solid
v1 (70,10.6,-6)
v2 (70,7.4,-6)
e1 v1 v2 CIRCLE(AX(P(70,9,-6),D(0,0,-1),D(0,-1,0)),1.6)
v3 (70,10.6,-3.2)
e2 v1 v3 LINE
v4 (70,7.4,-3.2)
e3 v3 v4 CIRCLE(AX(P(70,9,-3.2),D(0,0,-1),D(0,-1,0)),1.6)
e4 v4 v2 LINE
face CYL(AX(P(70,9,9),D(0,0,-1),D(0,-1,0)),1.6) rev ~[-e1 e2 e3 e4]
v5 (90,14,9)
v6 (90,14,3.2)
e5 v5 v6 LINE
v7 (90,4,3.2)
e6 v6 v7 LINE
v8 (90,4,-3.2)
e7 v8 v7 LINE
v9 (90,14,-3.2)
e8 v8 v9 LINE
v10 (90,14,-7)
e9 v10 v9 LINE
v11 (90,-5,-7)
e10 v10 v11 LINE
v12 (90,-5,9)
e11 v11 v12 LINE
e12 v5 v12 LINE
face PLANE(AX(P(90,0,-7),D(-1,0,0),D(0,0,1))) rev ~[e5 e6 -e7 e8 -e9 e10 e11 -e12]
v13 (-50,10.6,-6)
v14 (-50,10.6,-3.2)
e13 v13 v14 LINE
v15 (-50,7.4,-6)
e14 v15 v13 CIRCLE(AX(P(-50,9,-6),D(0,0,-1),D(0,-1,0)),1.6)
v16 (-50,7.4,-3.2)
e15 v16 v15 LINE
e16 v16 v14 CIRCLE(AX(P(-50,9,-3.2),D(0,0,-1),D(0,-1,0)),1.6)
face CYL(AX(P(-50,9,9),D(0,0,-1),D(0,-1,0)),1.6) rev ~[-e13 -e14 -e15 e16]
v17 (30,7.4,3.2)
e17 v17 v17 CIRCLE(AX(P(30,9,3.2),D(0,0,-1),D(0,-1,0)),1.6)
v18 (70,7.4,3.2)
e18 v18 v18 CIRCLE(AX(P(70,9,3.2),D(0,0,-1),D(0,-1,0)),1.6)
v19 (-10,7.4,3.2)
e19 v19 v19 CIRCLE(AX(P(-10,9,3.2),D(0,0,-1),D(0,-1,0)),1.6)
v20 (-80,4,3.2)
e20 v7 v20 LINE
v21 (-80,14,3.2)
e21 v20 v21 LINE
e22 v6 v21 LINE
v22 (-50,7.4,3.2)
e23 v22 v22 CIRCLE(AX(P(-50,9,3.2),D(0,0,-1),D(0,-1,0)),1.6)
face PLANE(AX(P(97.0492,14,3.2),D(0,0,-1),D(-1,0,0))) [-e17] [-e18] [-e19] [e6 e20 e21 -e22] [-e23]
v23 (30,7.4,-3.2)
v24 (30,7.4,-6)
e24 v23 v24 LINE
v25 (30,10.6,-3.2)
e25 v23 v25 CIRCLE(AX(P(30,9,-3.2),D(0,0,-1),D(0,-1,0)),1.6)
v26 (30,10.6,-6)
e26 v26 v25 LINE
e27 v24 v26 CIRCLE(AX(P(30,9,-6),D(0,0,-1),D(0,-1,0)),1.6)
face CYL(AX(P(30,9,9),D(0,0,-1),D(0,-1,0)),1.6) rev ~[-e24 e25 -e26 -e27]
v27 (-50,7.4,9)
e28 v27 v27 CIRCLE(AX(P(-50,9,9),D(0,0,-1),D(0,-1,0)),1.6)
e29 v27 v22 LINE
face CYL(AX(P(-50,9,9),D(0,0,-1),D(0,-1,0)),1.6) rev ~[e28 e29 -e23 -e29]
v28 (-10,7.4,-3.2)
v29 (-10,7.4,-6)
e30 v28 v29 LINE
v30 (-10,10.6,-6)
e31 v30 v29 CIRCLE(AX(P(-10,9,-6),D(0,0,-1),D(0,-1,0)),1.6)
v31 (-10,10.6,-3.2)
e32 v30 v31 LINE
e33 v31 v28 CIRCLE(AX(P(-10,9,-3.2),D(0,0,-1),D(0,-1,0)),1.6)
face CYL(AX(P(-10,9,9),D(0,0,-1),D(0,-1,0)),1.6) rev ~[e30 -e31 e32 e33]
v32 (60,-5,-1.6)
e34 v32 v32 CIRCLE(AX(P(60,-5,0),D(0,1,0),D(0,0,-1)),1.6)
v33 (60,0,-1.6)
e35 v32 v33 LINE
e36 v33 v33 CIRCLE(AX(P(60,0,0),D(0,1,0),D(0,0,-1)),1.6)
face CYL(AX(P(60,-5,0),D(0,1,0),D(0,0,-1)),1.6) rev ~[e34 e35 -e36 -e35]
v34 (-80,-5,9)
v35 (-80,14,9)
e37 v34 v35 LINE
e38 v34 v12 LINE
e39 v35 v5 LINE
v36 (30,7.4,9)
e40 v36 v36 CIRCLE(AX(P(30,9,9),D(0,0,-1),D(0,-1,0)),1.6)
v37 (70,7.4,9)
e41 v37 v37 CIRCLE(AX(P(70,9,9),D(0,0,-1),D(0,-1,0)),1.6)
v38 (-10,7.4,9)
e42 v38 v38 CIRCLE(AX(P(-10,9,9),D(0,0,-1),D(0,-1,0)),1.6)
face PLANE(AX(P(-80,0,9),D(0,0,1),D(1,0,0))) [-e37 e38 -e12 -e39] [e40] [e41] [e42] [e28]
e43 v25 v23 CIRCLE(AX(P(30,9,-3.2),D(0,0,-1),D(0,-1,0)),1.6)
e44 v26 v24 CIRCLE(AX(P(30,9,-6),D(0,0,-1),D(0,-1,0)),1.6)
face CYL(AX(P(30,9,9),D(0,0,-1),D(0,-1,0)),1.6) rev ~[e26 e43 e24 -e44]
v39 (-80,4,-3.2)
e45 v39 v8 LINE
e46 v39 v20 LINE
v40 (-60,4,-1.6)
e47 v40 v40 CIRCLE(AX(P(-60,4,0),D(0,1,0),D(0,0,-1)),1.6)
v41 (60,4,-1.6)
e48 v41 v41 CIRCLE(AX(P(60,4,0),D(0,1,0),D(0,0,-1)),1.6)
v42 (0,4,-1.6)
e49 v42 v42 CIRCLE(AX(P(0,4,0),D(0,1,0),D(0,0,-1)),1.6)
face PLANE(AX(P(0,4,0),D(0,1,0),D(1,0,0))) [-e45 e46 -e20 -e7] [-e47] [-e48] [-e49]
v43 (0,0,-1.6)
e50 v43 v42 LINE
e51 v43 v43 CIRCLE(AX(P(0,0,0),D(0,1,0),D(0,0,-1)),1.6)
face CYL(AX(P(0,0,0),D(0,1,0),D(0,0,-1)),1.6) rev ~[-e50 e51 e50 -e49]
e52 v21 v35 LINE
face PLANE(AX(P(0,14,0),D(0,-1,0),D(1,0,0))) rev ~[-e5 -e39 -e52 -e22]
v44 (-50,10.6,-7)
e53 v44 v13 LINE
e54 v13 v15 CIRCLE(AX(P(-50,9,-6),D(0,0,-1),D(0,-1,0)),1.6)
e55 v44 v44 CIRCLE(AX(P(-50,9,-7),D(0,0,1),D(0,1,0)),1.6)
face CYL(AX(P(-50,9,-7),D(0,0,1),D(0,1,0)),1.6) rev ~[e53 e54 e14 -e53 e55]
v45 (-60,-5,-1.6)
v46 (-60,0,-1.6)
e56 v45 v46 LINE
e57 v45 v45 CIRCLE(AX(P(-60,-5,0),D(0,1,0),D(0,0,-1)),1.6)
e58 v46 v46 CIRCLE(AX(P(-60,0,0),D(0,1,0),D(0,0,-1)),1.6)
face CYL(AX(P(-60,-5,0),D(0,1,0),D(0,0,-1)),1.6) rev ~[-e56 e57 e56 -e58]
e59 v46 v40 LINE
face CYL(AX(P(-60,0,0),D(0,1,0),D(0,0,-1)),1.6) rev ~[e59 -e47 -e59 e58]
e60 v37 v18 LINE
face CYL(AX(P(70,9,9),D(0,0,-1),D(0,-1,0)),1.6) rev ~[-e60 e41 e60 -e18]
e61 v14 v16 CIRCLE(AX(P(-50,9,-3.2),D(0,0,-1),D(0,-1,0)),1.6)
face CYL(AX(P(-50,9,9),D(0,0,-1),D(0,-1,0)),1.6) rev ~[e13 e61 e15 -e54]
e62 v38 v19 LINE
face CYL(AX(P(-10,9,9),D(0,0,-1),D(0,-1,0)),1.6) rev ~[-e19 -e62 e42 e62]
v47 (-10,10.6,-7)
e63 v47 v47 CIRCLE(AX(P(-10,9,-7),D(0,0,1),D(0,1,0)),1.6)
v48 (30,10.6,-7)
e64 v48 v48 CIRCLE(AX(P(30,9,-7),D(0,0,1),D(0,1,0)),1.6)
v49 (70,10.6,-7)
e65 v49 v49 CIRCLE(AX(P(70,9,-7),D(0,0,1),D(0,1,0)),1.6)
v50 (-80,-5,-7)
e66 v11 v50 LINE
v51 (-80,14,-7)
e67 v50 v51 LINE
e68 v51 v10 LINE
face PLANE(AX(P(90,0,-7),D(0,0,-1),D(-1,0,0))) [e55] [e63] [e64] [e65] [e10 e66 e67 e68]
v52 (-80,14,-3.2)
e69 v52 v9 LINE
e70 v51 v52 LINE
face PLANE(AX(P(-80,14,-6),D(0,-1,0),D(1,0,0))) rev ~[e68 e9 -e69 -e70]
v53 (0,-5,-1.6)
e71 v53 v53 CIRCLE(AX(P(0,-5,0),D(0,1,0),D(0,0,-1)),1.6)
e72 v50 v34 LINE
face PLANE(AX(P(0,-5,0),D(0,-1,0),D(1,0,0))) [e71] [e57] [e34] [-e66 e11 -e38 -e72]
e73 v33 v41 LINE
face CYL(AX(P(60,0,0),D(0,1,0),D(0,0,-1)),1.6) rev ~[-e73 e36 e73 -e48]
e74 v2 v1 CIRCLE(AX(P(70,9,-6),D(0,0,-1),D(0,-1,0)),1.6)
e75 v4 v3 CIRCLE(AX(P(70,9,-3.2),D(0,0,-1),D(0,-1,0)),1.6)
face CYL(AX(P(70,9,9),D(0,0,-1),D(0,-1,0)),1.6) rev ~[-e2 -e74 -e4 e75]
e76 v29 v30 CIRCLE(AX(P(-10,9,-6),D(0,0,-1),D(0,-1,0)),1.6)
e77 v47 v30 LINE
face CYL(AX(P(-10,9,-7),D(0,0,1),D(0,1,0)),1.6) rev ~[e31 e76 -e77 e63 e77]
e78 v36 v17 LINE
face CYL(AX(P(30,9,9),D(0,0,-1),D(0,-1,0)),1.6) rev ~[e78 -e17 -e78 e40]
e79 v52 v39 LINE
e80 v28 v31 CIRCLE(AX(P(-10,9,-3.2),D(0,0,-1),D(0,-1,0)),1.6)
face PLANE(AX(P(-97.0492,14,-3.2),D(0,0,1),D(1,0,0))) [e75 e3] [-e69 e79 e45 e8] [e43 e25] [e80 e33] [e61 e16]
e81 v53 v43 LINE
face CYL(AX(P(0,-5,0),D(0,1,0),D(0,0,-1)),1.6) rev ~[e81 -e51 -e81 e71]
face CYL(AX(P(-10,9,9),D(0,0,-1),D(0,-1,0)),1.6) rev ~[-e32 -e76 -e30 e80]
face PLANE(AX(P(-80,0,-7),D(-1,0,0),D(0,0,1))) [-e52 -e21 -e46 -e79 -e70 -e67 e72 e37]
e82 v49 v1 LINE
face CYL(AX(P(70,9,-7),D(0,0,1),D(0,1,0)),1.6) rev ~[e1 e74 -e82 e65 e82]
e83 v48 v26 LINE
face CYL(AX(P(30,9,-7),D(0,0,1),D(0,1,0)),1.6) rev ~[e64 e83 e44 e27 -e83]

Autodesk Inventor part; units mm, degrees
ref_plane "YZ Plane" through (0, 0, 0) normal (1, 0, 0) x (0, 1, 0)
ref_plane "XZ Plane" through (0, 0, 0) normal (0, 1, 0) x (-1, 0, 0)
ref_plane "XY Plane" through (0, 0, 0) normal (0, 0, 1) x (1, 0, 0)
sketch "スケッチ1" plane through (0, 0, 0) normal (0, 1, 0) x (-1, 0, 0)
  line L0 (-90, -3) -> (90, -3)
  line L1 (90, -3) -> (90, 3)
  line L2 (90, 3) -> (-90, 3)
  line L3 (-90, 3) -> (-90, -3)
  line L4 (-90, -3) -> (90, 3) construction
  line L5 (90, -3) -> (-90, 3) construction
  point P0 (0, 0)
  dimension "d0" = 180
  dimension "d1" = 6
extrude "押し出し1" add sketch "スケッチ1" along normal blind 17
sketch "スケッチ2" plane through (0, 0, 0) normal (0, -1, 0) x (1, 0, 0)
  line L0 (-90, 3) -> (90, 3) projected
  line L1 (90, 3) -> (-80, 3)
  line L2 (-80, 3) -> (-80, 9)
  line L3 (-80, 9) -> (90, 9)
  line L4 (90, 9) -> (90, 3)
  line L5 (90, 3) -> (90, -3) projected
  line L6 (90, -3) -> (-80, -3)
  line L7 (-80, -3) -> (-80, -6)
  line L8 (-80, -6) -> (90, -6)
  line L9 (90, -6) -> (90, -3)
  point P0 (0, 0)
  dimension "d4" = 170
  dimension "d5" = 6
  dimension "d6" = 170
  dimension "d7" = 3
extrude "押し出し2" add sketch "スケッチ2" against normal blind 14
sketch "スケッチ3" plane through (0, 17, 0) normal (0, 1, 0) x (1, 0, 0)
  line L0 (-90, 3) -> (-90, -3) projected
  line L1 (90, -3) -> (90, 3) projected
  line L2 (-90, 3) -> (90, 3)
  line L3 (90, 3) -> (90, -3)
  line L4 (90, -3) -> (-90, -3)
  line L5 (-90, -3) -> (-90, 3)
  point P0 (0, 0)
extrude "押し出し3" cut sketch "スケッチ3" against normal blind 13
sketch "スケッチ4" plane through (0, 4, 0) normal (0, 1, 0) x (1, 0, 0)
  line L0 (-90, -3) -> (-90, 3) projected
  line L1 (-80, 6) -> (-80, 3) projected
  line L2 (-90, -3) -> (-80, -3)
  line L3 (-80, -3) -> (-80, 3)
  line L4 (-80, 3) -> (-90, 3)
  line L5 (-90, 3) -> (-90, -3)
  point P0 (0, 0)
extrude "押し出し4" cut sketch "スケッチ4" against normal blind 13
sketch "スケッチ5" plane through (0, 14, 0) normal (0, 1, 0) x (1, 0, 0)
  line L0 (97.0492, -3.2) -> (-97.0492, -3.2)
  line L1 (-97.0492, -3.2) -> (-97.0492, 3.2)
  line L2 (-97.0492, 3.2) -> (97.0492, 3.2)
  line L3 (97.0492, 3.2) -> (97.0492, -3.2)
  line L4 (97.0492, -3.2) -> (-97.0492, 3.2) construction
  line L5 (-97.0492, -3.2) -> (97.0492, 3.2) construction
  point P0 (0, 0)
  dimension "d14" = 6.4
extrude "押し出し5" cut sketch "スケッチ5" against normal blind 10
sketch "スケッチ6" plane through (-80, 0, 9) normal (0, 0, 1) x (1, 0, 0)
  line L0 (0, 14) -> (170, 14) projected
  line L1 (170, 0) -> (170, 14) projected
  point P0 (80, 0)
  point P1 (150, 9)
  point P2 (110, 9)
  point P3 (70, 9)
  point P4 (30, 9)
  dimension "d17" = 5
  dimension "d18" = 20
  dimension "d19" = 40
  dimension "d20" = 5
  dimension "d21" = 40
  dimension "d22" = 40
hole "穴1" at (70, 9, 9) at (30, 9, 9) at (-10, 9, 9) at (-50, 9, 9) direction (0, 0, -1) diameter 3.2 end through all
sketch "スケッチ7" plane through (0, 0, 0) normal (0, -1, 0) x (1, 0, 0)
  line L0 (-80, -6) -> (90, -6) projected
  line L1 (90, -6) -> (90, 9) projected
  line L2 (-80, -3.2) -> (90, -3.2) projected
  point P0 (0, 0)
  point P1 (60, 0)
  point P2 (0, 0)
  point P3 (-60, 0)
  dimension "d30" = 6
  dimension "d31" = 30
  dimension "d32" = 60
hole "穴2" at (60, 0, 0) at (0, 0, 0) at (-60, 0, 0) direction (0, 1, 0) diameter 3.2 end through all
sketch "スケッチ8" plane through (90, 0, -6) normal (0, 0, -1) x (-1, 0, 0)
  line L0 (0, 0) -> (0, 14) projected
  line L1 (0, 0) -> (170, 0)
  line L2 (170, 0) -> (170, 14)
  line L3 (170, 14) -> (0, 14)
  line L4 (0, 14) -> (0, 0)
  point P0 (90, 0)
extrude "押し出し6" add sketch "スケッチ8" along normal blind 1
sketch "スケッチ9" plane through (90, 0, -7) normal (0, 0, -1) x (-1, 0, 0)
  circle A0 centre (20, 9) radius 1.6 projected
  circle A1 centre (60, 9) radius 1.6 projected
  circle A2 centre (100, 9) radius 1.6 projected
  circle A3 centre (140, 9) radius 1.6 projected
  point P0 (90, 0)
hole "穴3" at (70, 9, -7) at (30, 9, -7) at (-10, 9, -7) at (-50, 9, -7) direction (0, 0, 1) diameter 3.2 depth 10
sketch "スケッチ10" plane through (0, 0, 0) normal (0, -1, 0) x (1, 0, 0)
  line L0 (90, -7) -> (90, 9) projected
  line L1 (-80, 9) -> (90, 9) projected
  line L2 (90, -7) -> (-80, -7)
  line L3 (-80, -7) -> (-80, 9)
  line L4 (-80, 9) -> (90, 9)
  line L5 (90, 9) -> (90, -7)
  point P0 (0, 0)
extrude "押し出し7" add sketch "スケッチ10" along normal blind 5
sketch "スケッチ11" plane through (0, -5, 0) normal (0, -1, 0) x (1, 0, 0)
  circle A0 centre (0, 0) radius 1.6 projected
  circle A1 centre (-60, 0) radius 1.6 projected
  circle A2 centre (60, 0) radius 1.6 projected
hole "穴4" at (0, -5, 0) at (-60, -5, 0) at (60, -5, 0) direction (0, 1, 0) diameter 3.2 depth 10
properties part number "lock1"
